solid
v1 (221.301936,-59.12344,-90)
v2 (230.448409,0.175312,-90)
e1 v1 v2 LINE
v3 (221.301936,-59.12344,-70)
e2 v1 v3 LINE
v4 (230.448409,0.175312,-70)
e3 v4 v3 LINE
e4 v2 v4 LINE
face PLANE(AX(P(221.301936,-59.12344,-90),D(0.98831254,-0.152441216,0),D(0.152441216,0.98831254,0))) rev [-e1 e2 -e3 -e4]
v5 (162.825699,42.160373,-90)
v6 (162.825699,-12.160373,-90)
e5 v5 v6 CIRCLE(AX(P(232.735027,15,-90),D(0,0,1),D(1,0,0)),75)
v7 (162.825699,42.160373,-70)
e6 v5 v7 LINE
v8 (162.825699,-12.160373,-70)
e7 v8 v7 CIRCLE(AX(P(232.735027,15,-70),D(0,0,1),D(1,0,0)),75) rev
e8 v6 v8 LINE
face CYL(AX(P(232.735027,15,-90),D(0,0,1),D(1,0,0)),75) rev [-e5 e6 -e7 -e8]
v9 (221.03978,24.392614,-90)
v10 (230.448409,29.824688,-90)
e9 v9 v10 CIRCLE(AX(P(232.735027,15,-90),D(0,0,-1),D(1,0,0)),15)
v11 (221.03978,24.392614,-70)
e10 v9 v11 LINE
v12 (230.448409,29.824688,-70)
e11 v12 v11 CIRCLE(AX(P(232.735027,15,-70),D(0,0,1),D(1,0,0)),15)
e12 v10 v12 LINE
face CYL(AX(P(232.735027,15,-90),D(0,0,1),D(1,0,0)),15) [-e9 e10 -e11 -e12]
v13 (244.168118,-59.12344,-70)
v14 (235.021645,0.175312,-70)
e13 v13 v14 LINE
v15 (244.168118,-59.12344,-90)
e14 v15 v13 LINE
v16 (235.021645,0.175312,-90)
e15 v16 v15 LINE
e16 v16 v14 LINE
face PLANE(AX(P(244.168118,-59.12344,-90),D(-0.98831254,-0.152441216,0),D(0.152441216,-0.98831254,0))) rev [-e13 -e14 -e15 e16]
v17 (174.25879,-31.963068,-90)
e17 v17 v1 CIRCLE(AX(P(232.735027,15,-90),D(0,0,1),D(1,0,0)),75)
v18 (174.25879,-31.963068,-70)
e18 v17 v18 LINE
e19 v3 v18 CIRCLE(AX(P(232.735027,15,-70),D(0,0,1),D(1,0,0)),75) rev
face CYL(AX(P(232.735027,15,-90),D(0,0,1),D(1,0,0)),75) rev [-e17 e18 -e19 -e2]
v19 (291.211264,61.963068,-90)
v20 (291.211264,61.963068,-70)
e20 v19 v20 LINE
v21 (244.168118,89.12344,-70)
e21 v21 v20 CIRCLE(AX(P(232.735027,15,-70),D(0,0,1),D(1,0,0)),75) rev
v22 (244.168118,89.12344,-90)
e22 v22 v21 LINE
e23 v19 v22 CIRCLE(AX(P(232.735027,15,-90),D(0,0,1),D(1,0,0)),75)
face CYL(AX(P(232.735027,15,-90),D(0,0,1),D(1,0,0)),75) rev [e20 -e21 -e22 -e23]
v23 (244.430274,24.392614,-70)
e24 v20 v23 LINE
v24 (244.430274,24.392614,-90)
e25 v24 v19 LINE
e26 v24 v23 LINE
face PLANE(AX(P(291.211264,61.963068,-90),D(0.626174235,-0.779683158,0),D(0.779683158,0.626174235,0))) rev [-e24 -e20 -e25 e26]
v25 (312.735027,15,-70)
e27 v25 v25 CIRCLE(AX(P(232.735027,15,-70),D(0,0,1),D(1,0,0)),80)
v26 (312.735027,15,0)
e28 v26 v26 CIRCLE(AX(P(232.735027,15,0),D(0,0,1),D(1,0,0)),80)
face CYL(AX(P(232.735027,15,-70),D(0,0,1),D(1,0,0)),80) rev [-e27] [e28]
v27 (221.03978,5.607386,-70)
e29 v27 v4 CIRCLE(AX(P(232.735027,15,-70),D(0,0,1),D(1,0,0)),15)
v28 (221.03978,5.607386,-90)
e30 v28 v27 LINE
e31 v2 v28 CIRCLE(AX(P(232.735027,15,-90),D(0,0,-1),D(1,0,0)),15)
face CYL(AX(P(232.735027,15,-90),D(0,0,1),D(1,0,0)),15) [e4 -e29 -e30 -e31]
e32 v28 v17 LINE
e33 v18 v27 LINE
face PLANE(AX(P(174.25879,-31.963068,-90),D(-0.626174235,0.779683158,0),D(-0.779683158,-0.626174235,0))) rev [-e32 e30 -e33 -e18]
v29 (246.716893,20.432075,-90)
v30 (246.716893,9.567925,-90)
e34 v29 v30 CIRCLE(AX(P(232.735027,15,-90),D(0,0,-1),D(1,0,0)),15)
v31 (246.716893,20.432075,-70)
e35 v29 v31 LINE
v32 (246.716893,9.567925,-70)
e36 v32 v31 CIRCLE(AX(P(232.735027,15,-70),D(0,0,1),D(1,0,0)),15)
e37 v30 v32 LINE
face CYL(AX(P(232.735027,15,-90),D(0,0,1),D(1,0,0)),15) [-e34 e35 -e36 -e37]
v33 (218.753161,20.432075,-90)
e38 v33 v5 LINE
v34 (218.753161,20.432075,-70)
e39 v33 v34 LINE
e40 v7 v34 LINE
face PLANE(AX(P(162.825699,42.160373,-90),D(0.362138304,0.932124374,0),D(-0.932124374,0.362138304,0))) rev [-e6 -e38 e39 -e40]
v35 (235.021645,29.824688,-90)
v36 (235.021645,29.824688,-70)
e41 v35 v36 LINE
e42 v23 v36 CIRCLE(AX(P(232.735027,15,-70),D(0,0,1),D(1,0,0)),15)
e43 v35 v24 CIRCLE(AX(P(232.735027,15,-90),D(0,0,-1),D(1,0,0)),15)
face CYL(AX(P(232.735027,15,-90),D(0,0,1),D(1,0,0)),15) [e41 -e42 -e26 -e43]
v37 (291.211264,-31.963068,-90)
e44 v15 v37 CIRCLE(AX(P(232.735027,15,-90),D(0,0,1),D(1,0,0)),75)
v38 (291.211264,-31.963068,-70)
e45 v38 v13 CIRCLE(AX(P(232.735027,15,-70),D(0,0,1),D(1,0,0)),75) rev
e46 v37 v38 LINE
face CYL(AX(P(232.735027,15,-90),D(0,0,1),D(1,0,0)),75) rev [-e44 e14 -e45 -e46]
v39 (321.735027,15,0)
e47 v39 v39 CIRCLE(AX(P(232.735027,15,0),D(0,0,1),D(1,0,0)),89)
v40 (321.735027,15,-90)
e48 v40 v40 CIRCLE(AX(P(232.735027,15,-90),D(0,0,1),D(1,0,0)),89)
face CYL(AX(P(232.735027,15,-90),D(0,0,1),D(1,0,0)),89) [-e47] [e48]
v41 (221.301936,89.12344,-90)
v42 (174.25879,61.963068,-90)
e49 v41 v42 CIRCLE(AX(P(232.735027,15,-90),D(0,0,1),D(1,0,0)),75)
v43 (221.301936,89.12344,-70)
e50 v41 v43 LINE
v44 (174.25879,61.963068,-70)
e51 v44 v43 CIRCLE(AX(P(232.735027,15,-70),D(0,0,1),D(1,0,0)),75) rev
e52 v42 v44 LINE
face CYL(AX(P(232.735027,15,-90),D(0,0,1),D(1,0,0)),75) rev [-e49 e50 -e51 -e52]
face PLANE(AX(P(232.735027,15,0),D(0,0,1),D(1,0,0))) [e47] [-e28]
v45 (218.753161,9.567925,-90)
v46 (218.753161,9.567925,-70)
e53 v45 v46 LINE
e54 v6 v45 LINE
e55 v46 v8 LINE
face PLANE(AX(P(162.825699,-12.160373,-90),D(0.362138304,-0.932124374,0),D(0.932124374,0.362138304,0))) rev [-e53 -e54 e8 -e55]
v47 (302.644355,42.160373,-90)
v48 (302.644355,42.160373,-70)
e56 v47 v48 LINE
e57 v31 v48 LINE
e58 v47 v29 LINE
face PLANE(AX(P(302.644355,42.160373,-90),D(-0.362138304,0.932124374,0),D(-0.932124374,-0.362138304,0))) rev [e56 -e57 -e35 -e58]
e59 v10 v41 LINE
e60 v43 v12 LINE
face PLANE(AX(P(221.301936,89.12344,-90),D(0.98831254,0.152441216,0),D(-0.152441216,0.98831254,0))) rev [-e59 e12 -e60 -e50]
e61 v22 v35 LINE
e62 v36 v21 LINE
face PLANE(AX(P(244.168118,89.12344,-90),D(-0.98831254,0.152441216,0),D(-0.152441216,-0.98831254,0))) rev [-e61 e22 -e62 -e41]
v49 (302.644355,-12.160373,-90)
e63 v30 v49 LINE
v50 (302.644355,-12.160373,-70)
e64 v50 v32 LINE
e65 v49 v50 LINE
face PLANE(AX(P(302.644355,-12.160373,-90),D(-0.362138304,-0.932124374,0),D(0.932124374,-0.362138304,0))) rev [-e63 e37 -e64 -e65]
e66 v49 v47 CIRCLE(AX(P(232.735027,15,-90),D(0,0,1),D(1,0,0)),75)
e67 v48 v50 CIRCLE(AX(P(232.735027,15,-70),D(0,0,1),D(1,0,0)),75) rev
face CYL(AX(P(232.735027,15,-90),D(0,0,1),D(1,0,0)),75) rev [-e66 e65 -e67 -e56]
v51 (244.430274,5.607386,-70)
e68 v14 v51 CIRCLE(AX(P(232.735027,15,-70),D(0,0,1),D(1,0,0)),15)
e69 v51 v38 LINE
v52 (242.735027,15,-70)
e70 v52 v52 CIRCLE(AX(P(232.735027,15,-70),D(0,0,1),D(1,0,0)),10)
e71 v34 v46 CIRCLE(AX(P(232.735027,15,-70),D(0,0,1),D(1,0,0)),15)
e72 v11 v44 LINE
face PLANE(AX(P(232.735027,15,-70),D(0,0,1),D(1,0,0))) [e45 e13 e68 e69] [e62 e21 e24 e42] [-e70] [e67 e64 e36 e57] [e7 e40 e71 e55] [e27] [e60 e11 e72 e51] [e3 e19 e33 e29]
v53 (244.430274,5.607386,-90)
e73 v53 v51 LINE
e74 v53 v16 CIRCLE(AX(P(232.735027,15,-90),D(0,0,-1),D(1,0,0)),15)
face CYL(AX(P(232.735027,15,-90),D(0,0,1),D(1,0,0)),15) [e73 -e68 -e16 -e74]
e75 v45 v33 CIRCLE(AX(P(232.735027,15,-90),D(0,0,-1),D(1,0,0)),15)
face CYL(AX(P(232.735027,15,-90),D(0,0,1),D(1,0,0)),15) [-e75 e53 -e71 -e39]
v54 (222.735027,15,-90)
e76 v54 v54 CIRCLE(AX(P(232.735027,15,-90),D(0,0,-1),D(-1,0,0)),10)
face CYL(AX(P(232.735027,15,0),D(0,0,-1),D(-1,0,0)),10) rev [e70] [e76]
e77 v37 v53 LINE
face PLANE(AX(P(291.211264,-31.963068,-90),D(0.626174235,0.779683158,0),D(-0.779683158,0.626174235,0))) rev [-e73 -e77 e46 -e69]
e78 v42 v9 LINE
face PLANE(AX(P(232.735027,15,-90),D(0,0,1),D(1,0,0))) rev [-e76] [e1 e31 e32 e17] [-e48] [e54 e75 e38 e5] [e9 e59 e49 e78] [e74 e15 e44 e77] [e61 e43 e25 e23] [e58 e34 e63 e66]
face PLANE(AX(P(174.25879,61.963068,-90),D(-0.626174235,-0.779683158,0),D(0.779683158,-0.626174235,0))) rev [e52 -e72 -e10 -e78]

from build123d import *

# Parameters (mm, degrees)
SKETCH1_R           = 89
BOSS_EXTRUDE1_DEPTH = 90
CUT_EXTRUDE1_DEPTH  = 91
SKETCH3_R           = 80
CUT_EXTRUDE2_DEPTH  = 70
SKETCH4_R           = 10
CUT_EXTRUDE3_DEPTH  = 91


with BuildPart() as part:
    # Sketch1 → Boss-Extrude1 (new body)
    with BuildSketch(Plane.XY):
        with Locations((232.735026919, 15)):
            Circle(SKETCH1_R)
    extrude(amount=-BOSS_EXTRUDE1_DEPTH)

    # Sketch2 → Cut-Extrude1 (cut, through all)
    with BuildSketch(Plane.XY):
        with BuildLine():
            Line((221.301935747, 89.123440464), (230.448408684, 29.824688093))
            ThreePointArc((230.448408684, 29.824688093), (225.235026919, 27.990381057), (221.039779545, 24.392613526))
            Line((221.039779545, 24.392613526), (174.258790047, 61.963067631))
            ThreePointArc((174.258790047, 61.963067631), (195.235026919, 79.951905284), (221.301935747, 89.123440464))
        make_face()
        with BuildLine():
            Line((244.168118091, 89.123440464), (235.021645153, 29.824688093))
            ThreePointArc((235.021645153, 29.824688093), (240.235026919, 27.990381057), (244.430274293, 24.392613526))
            Line((244.430274293, 24.392613526), (291.211263791, 61.963067631))
            ThreePointArc((291.211263791, 61.963067631), (270.235026919, 79.951905284), (244.168118091, 89.123440464))
        make_face()
        with BuildLine():
            Line((162.825698875, 42.160372833), (218.75316131, 20.432074567))
            ThreePointArc((218.75316131, 20.432074567), (217.735026919, 15), (218.75316131, 9.567925433))
            Line((218.75316131, 9.567925433), (162.825698875, -12.160372833))
            ThreePointArc((162.825698875, -12.160372833), (157.735026919, 15), (162.825698875, 42.160372833))
        make_face()
        with BuildLine():
            Line((174.258790047, -31.963067631), (221.039779545, 5.607386474))
            ThreePointArc((221.039779545, 5.607386474), (225.235026919, 2.009618943), (230.448408684, 0.175311907))
            Line((230.448408684, 0.175311907), (221.301935747, -59.123440464))
            ThreePointArc((221.301935747, -59.123440464), (195.235026919, -49.951905284), (174.258790047, -31.963067631))
        make_face()
        with BuildLine():
            Line((244.168118091, -59.123440464), (235.021645153, 0.175311907))
            ThreePointArc((235.021645153, 0.175311907), (240.235026919, 2.009618943), (244.430274293, 5.607386474))
            Line((244.430274293, 5.607386474), (291.211263791, -31.963067631))
            ThreePointArc((291.211263791, -31.963067631), (270.235026919, -49.951905284), (244.168118091, -59.123440464))
        make_face()
        with BuildLine():
            Line((302.644354963, -12.160372833), (246.716892528, 9.567925433))
            ThreePointArc((246.716892528, 9.567925433), (247.735026919, 15), (246.716892528, 20.432074567))
            Line((246.716892528, 20.432074567), (302.644354963, 42.160372833))
            ThreePointArc((302.644354963, 42.160372833), (307.735026919, 15), (302.644354963, -12.160372833))
        make_face()
    extrude(amount=-CUT_EXTRUDE1_DEPTH, mode=Mode.SUBTRACT)

    # Sketch3 → Cut-Extrude2 (cut)
    with BuildSketch(Plane.XY):
        with Locations((232.735026919, 15)):
            Circle(SKETCH3_R)
    extrude(amount=-CUT_EXTRUDE2_DEPTH, mode=Mode.SUBTRACT)

    # Sketch4 → Cut-Extrude3 (cut, through all)
    with BuildSketch(Plane(origin=(0, 0, -90), x_dir=(-1, 0, 0), z_dir=(0, 0, -1))):
        with Locations((-232.735026919, 15)):
            Circle(SKETCH4_R)
    extrude(amount=-CUT_EXTRUDE3_DEPTH, mode=Mode.SUBTRACT)


solid = part.part
